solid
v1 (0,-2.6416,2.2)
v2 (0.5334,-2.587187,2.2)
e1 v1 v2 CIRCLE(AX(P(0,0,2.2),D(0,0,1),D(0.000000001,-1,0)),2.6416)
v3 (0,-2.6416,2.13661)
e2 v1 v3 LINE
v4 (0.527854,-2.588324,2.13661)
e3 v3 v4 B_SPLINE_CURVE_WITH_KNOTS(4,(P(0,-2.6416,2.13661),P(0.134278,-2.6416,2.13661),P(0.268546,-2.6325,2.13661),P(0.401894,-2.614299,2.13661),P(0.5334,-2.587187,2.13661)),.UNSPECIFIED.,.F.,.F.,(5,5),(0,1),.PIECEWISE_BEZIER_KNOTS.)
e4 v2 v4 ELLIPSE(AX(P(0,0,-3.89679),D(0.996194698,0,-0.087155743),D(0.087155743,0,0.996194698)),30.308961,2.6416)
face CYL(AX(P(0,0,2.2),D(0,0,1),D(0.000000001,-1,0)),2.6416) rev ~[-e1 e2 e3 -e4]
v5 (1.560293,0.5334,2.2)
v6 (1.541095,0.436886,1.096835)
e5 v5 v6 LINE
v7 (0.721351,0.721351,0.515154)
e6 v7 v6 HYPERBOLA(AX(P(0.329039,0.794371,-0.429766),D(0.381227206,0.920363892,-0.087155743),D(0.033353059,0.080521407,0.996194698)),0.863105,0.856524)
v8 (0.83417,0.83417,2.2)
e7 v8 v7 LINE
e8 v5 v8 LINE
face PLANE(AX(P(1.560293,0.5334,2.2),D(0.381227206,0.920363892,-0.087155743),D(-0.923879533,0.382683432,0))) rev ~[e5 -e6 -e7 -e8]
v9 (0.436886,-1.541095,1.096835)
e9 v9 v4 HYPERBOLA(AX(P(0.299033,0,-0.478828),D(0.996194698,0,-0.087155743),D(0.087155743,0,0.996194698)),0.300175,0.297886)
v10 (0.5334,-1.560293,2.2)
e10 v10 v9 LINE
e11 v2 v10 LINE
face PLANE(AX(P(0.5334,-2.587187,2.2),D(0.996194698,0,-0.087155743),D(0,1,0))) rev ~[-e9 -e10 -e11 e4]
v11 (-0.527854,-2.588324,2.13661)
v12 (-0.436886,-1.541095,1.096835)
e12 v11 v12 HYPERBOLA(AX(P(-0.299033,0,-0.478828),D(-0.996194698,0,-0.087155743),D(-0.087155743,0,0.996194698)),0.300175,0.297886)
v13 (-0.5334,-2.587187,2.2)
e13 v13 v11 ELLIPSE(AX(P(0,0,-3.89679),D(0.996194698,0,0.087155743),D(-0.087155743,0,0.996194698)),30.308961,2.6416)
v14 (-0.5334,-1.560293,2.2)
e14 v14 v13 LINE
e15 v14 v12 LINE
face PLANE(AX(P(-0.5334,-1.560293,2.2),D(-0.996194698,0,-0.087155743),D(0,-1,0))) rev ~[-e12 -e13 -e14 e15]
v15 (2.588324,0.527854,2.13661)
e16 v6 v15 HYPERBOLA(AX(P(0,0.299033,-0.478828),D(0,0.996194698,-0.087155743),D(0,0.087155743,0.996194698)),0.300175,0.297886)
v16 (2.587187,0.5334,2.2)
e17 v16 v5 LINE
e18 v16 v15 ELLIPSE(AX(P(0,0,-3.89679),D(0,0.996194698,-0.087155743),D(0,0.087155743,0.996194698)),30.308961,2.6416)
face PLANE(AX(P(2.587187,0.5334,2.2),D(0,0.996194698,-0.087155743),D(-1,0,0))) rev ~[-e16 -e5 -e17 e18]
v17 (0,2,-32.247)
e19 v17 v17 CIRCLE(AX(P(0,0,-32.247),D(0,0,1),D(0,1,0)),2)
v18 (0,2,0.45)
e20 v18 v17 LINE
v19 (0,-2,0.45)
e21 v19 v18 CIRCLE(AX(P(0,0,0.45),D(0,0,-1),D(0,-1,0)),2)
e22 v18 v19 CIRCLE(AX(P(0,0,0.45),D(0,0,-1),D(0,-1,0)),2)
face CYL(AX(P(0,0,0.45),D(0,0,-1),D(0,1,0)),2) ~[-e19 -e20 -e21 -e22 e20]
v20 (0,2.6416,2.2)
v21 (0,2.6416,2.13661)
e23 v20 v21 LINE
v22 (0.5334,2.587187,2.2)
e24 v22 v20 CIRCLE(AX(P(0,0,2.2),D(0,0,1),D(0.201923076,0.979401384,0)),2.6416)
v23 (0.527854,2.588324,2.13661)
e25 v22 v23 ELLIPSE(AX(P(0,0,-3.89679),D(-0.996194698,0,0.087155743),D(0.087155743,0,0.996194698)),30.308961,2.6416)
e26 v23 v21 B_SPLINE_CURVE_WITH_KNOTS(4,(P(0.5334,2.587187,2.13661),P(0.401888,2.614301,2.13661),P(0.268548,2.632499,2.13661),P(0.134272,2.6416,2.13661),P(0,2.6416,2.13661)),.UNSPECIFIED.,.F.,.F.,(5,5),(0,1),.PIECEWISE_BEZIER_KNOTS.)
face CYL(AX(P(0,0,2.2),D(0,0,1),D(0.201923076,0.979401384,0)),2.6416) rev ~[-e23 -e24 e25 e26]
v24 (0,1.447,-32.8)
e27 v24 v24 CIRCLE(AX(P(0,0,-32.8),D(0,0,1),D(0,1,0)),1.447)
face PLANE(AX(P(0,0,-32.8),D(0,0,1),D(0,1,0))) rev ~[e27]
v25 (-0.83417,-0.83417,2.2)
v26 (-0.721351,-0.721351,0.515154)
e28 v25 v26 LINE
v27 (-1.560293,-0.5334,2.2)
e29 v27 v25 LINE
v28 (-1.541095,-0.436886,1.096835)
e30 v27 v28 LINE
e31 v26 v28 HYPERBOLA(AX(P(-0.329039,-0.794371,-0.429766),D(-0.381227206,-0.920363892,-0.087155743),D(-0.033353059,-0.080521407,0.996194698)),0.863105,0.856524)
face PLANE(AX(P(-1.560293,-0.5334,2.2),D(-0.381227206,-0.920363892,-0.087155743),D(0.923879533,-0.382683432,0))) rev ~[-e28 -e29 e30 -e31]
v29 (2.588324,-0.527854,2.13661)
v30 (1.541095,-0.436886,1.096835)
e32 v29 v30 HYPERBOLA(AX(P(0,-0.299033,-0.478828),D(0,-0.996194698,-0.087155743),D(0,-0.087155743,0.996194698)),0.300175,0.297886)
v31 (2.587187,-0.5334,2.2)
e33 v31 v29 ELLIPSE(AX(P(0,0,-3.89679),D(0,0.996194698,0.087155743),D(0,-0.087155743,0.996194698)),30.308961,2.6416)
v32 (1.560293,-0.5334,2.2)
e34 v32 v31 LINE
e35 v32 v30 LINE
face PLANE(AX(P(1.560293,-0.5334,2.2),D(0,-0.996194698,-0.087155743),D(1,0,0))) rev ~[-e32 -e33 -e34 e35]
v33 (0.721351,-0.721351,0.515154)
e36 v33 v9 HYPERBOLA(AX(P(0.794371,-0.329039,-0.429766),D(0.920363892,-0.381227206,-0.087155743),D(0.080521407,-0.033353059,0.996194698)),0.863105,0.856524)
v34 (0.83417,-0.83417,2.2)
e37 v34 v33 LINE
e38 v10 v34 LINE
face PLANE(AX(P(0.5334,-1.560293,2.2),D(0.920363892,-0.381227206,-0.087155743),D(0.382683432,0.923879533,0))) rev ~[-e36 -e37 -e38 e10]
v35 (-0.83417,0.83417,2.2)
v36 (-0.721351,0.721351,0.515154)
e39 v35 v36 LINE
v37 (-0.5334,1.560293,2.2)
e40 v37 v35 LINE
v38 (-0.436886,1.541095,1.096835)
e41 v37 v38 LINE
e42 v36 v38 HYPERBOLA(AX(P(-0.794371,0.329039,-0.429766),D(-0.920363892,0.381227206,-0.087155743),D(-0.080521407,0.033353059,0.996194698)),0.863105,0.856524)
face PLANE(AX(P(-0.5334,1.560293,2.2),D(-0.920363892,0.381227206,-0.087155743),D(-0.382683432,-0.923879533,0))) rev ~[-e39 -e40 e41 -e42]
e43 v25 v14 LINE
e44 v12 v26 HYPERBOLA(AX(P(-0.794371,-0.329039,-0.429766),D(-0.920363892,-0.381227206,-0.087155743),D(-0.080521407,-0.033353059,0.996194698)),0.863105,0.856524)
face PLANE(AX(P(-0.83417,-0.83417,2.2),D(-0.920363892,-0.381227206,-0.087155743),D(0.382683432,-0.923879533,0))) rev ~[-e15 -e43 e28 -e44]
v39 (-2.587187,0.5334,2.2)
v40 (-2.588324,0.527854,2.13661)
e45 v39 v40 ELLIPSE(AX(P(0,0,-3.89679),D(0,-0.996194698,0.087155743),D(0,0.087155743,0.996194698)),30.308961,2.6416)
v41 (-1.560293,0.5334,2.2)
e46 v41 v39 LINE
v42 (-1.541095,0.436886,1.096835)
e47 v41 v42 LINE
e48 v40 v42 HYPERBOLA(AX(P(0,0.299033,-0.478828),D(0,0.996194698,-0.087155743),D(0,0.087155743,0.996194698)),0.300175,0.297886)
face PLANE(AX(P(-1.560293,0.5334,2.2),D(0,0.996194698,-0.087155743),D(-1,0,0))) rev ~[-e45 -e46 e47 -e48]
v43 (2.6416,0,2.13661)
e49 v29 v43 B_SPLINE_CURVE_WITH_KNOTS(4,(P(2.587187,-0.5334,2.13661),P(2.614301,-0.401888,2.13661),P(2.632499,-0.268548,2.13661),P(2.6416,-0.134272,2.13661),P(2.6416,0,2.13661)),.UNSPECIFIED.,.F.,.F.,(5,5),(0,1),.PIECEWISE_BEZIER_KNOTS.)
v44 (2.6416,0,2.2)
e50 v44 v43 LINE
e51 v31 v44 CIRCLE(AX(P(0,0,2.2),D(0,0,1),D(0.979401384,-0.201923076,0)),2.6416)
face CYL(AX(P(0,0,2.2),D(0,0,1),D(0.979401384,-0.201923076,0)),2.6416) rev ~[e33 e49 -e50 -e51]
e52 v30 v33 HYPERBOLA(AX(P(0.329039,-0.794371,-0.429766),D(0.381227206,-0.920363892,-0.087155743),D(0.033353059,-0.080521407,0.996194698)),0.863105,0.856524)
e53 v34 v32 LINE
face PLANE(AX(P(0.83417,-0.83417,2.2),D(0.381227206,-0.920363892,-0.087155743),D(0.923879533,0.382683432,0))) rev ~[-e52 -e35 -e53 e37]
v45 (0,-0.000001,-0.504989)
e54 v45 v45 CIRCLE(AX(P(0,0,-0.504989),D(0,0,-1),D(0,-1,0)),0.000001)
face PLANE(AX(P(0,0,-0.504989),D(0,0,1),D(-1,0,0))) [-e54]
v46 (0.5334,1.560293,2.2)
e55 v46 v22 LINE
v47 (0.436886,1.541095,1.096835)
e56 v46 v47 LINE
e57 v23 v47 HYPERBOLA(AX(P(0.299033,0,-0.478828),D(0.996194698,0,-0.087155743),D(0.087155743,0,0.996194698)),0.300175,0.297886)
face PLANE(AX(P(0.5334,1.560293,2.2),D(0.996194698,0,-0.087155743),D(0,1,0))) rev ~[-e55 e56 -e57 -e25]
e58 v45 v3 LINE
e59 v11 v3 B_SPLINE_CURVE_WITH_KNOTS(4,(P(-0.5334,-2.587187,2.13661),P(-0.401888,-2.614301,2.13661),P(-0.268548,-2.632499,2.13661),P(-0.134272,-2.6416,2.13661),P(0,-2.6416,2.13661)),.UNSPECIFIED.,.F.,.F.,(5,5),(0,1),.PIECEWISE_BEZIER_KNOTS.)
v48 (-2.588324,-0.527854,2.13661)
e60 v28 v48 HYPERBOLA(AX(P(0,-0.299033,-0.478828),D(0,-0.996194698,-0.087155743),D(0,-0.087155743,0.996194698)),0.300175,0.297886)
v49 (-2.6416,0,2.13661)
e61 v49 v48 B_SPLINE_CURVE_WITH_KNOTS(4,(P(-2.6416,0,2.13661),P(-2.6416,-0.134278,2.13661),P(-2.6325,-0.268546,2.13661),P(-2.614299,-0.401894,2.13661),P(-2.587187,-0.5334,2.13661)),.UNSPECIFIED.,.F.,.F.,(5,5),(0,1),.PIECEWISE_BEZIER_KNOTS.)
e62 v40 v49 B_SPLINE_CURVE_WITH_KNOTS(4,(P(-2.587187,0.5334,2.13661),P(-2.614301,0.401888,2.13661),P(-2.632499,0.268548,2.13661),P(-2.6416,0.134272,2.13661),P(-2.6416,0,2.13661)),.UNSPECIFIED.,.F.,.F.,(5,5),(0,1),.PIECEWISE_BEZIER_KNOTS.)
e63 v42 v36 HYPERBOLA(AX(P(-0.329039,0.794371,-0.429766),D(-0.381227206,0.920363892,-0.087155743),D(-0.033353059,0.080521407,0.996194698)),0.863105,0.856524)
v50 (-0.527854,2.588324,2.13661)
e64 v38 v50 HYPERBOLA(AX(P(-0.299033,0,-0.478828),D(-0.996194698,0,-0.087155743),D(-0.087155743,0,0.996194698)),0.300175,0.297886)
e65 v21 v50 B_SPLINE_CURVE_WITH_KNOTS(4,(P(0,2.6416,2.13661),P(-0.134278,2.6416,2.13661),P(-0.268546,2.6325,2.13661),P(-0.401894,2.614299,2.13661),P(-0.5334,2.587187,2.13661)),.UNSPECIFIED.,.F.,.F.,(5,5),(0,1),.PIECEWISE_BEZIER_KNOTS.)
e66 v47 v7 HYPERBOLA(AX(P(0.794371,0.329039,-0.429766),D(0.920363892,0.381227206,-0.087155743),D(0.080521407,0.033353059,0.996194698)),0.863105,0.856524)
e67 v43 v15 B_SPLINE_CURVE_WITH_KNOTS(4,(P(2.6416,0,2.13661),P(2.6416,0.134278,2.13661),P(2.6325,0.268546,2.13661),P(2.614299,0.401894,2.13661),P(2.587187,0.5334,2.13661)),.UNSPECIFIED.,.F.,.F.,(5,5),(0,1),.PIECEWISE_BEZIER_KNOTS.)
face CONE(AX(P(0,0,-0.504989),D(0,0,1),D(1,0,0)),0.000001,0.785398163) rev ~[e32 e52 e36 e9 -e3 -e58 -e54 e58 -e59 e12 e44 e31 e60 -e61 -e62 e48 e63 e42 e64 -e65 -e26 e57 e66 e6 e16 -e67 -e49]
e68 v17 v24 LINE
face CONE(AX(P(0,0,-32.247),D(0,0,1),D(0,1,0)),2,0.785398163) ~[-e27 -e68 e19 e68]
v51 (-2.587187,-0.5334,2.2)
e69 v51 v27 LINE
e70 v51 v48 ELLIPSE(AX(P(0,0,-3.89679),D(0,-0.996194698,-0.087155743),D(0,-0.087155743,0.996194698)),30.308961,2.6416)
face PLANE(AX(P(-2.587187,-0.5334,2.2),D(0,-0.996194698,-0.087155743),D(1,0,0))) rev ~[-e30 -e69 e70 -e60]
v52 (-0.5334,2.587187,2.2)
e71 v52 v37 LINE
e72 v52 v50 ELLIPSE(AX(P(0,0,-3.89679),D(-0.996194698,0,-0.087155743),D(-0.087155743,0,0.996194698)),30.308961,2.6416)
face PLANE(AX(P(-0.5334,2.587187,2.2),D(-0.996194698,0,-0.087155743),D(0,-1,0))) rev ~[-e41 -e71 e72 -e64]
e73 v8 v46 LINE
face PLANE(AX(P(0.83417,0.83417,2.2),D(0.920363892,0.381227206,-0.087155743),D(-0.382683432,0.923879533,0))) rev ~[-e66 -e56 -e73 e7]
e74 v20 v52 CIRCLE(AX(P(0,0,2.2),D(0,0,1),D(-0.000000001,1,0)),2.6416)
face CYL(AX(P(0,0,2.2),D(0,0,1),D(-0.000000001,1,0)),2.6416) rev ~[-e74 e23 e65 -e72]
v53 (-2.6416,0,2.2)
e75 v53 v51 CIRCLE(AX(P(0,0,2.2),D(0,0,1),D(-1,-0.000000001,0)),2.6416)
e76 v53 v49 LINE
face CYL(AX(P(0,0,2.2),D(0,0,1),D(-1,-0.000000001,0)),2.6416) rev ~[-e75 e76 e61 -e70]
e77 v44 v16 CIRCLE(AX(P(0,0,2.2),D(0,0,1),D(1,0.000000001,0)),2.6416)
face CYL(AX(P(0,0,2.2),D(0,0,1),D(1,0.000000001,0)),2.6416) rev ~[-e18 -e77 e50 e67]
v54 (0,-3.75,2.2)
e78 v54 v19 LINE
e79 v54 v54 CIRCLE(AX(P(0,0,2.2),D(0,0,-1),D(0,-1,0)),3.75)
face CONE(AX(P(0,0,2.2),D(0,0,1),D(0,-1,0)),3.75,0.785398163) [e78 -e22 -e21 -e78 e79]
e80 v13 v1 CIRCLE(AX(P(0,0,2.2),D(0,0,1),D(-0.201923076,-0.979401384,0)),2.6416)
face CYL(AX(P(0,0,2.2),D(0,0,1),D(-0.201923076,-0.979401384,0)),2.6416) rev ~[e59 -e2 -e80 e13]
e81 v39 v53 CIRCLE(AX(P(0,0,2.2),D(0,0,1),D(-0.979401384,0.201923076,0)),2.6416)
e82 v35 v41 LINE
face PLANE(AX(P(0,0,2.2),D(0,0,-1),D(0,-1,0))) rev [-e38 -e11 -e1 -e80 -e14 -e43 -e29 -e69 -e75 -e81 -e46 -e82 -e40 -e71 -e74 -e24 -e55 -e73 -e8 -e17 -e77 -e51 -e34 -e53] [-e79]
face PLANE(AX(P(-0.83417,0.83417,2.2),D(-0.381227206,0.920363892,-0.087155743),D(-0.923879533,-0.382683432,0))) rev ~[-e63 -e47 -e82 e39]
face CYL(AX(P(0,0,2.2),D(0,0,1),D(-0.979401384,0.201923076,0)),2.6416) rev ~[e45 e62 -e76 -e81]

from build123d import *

# Parameters (mm, degrees)
CUT_EXTRUDE1_REACH = 37.4
CIRPATTERN1_COUNT  = 4
DRAFT2_ANGLE       = 5


with BuildPart() as part:
    # Sketch3 → Revolve1 (revolve)
    with BuildSketch(Plane(origin=(0, 0, 0), x_dir=(0, 0, -1), z_dir=(1, 0, 0)), mode=Mode.PRIVATE) as revolve1_sk:
        Polygon((-2.2, 0), (-2.2, 3.75), (-0.45, 2), (-0.45, 0), align=None)
    revolve(revolve1_sk.sketch.rotate(Axis((0, 0, 2.2), (0, 0, -1)), 180), axis=Axis((0, 0, 2.2), (0, 0, -1)))

    # Sketch5 → Revolve2 (revolve)
    with BuildSketch(Plane(origin=(0, 0, 0), x_dir=(0, 0, -1), z_dir=(1, 0, 0))):
        Polygon((32.8, 0), (-0.45, 0), (-0.45, 2), (32.247, 2), (32.8, 1.447), align=None)
    revolve(axis=Axis((0, 0, -32.8), (0, 0, 1)))

    # Cut-Extrude1: up to this cone (the profile starts inside it)
    cut_extrude1_end = Plane(origin=(0, 0, 2.2), z_dir=(0, 0, 1)).offset(-2.704989458) * Cone(1e-06, 43.309980917, 43.309979917, align=(Align.CENTER, Align.CENTER, Align.MIN), mode=Mode.PRIVATE)
    # Sketch4 → Cut-Extrude1 (cut, up to the surface)
    with BuildSketch(Plane.XY.offset(2.2), mode=Mode.PRIVATE) as cut_extrude1_sk1:
        with BuildLine():
            Line((0, 0), (2.6416, 0))
            ThreePointArc((2.6416, 0), (2.627961466, 0.268084114), (2.587186696, 0.5334))
            Line((2.587186696, 0.5334), (1.560293348, 0.5334))
            Line((1.560293348, 0.5334), (0.834170098, 0.834170098))
            Line((0.834170098, 0.834170098), (0.5334, 1.560293348))
            Line((0.5334, 1.560293348), (0.5334, 2.587186696))
            ThreePointArc((0.5334, 2.587186696), (0.268084114, 2.627961466), (0, 2.6416))
            Line((0, 2.6416), (0, 0))
        make_face()
    cut_extrude1_tool1 = extrude(cut_extrude1_sk1.sketch, amount=-CUT_EXTRUDE1_REACH, mode=Mode.PRIVATE) & cut_extrude1_end
    cut_extrude1 = cut_extrude1_tool1.solids().sort_by_distance((0.037358, 1.3208, 2.2))[0]
    add(cut_extrude1, mode=Mode.SUBTRACT)

    # CirPattern1: Cut-Extrude1 ×4 about axis
    cirpattern1_axis = Axis((0, 0, 0), (0, 0, 1))
    for i in range(1, CIRPATTERN1_COUNT):
        add(cut_extrude1.rotate(cirpattern1_axis, i * 360 / CIRPATTERN1_COUNT), mode=Mode.SUBTRACT)

    # Draft2
    draft2_faces = [part.faces().sort_by_distance(p)[0] for p in [
        (-1.92259155, 0.5334, 1.845671202),
        (-1.175407967, 0.692824745, 1.535600175),
        (-0.692824745, 1.175407967, 1.535600175),
        (-0.5334, 1.92259155, 1.845671202),
        (0.5334, 1.92259155, 1.845671202),
        (0.692824745, 1.175407967, 1.535600175),
        (1.175407967, 0.692824745, 1.535600175),
        (1.92259155, 0.5334, 1.845671202),
        (1.92259155, -0.5334, 1.845671202),
        (1.175407967, -0.692824745, 1.535600175),
        (0.692824745, -1.175407967, 1.535600175),
        (0.5334, -1.92259155, 1.845671202),
        (-0.5334, -1.92259155, 1.845671202),
        (-0.692824745, -1.175407967, 1.535600175),
        (-1.175407967, -0.692824745, 1.535600175),
        (-1.92259155, -0.5334, 1.845671202),
    ]]
    draft(draft2_faces, Plane(origin=(0, 0, 2.2), x_dir=(0, 1, 0), z_dir=(0, 0, 1)), DRAFT2_ANGLE)


solid = part.part
